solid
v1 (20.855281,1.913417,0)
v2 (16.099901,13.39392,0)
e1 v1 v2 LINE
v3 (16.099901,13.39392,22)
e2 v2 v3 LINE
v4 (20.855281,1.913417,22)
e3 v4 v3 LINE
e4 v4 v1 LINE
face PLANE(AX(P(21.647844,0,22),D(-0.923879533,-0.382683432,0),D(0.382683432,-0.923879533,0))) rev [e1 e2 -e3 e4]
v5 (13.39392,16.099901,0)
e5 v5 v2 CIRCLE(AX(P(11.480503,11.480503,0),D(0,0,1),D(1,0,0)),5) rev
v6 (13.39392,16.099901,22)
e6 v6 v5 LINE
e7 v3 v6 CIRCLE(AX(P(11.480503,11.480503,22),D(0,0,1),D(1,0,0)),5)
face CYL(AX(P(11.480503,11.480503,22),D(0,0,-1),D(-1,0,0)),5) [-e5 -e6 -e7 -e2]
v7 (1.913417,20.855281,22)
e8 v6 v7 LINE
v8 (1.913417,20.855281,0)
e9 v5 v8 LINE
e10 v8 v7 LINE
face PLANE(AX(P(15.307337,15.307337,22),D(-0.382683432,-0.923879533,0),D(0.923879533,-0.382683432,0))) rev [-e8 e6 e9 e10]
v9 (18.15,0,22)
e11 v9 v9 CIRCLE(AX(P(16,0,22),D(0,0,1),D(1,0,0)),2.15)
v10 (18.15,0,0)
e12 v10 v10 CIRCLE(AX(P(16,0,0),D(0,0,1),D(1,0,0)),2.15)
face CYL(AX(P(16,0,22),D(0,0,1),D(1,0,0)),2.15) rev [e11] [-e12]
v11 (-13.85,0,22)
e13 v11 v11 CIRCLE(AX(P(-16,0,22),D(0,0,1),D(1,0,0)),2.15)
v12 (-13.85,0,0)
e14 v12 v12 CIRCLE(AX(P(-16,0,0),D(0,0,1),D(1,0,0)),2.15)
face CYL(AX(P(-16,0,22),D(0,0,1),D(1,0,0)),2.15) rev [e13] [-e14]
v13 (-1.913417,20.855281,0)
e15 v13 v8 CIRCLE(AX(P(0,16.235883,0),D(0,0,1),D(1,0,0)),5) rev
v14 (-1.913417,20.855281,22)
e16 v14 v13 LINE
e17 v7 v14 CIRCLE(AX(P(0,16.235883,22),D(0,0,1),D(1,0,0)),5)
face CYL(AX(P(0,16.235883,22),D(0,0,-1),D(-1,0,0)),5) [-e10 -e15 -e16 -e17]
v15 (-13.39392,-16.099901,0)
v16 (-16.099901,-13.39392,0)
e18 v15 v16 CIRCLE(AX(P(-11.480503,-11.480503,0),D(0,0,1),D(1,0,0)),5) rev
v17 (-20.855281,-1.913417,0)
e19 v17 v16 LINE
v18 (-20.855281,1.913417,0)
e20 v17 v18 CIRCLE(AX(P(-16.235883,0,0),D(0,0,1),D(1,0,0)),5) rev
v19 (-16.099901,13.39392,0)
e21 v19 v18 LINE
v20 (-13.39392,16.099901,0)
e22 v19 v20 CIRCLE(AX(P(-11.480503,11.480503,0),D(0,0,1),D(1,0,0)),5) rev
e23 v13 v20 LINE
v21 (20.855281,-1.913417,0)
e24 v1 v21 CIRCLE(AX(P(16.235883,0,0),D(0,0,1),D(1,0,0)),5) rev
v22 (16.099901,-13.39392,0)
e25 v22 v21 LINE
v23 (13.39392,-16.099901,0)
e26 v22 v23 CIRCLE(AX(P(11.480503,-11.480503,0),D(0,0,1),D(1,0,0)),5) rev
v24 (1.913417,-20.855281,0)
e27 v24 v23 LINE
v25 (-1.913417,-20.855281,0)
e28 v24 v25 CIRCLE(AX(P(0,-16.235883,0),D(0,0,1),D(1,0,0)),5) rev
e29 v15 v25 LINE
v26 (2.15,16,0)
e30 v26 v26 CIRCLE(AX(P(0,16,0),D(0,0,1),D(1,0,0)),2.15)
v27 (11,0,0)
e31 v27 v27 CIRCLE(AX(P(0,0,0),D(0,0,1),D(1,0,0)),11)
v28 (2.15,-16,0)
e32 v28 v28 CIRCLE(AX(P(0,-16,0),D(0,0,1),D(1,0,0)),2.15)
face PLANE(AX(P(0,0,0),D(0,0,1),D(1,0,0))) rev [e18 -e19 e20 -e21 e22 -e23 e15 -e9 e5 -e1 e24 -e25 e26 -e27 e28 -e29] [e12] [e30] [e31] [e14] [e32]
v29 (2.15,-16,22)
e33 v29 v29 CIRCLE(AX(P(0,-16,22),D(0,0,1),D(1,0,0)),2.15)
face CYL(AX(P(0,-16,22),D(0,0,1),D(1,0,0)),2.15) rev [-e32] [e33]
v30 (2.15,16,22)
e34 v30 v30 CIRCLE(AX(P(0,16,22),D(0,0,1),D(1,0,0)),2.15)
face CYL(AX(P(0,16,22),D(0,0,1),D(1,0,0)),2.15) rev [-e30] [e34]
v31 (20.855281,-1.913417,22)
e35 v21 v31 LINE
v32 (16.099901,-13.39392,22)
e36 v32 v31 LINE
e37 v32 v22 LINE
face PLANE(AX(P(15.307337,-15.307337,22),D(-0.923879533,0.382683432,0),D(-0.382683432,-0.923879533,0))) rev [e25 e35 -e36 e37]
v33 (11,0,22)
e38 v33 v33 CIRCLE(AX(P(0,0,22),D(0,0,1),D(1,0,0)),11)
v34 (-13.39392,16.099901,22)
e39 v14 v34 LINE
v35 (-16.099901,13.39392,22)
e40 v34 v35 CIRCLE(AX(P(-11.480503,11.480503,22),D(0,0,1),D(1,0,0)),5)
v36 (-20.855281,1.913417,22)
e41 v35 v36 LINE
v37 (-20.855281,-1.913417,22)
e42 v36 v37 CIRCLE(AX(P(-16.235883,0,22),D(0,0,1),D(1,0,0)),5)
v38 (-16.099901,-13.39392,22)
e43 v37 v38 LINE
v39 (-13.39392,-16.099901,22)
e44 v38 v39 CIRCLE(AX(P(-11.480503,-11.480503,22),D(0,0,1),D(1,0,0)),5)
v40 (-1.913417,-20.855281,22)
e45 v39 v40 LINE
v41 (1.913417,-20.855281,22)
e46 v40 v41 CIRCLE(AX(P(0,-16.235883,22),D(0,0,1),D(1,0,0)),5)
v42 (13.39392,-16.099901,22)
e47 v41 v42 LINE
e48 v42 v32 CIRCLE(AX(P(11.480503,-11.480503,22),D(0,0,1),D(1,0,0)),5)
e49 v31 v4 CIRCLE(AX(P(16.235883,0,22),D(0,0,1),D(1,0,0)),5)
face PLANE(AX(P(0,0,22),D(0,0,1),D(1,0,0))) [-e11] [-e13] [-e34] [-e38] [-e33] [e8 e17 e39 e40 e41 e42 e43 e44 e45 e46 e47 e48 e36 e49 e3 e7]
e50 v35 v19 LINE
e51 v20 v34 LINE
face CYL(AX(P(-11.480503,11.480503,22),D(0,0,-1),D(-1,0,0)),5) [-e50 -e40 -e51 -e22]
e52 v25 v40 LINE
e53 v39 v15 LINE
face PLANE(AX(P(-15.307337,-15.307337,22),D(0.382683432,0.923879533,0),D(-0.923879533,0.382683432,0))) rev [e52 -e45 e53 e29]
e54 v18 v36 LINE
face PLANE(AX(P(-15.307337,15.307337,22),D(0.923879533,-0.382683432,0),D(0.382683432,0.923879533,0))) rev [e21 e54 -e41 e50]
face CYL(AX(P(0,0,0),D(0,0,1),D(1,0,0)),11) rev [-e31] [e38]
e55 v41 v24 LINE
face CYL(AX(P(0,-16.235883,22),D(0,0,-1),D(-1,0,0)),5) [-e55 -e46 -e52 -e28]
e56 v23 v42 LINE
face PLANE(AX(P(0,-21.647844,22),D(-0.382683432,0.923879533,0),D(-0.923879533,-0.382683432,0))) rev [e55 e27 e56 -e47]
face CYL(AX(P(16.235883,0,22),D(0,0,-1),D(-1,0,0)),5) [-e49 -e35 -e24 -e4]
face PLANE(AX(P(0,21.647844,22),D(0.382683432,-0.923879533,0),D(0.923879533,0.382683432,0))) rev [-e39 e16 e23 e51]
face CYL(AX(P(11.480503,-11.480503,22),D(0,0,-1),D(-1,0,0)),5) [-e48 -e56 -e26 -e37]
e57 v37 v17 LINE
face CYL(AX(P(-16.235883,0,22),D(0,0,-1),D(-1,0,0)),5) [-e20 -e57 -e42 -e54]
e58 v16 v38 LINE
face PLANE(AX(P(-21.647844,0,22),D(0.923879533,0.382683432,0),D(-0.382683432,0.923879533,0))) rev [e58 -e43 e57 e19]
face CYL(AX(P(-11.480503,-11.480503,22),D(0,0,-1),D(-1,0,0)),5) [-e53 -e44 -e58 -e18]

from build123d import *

# Parameters (mm, degrees)
BOSS_EXTRUDE1_DEPTH  = 22
FILLET1_R            = 5
M4_CLEARANCE_HOLE1_D = 4.3
SKETCH5_R            = 11
CUT_EXTRUDE1_DEPTH   = 22


with BuildPart() as part:
    # Sketch1 → Boss-Extrude1 (new body)
    with BuildSketch(Plane.XY):
        Polygon((0, -21.647844006), (15.307337295, -15.307337295), (21.647844006, 0), (15.307337295, 15.307337295), (0, 21.647844006), (-15.307337295, 15.307337295), (-21.647844006, 0), (-15.307337295, -15.307337295), align=None)
    extrude(amount=BOSS_EXTRUDE1_DEPTH)

    # Fillet1
    fillet1_edges = [part.edges().sort_by_distance(p)[0] for p in [
        (15.307337295, -15.307337295, 11),
        (0, -21.647844006, 11),
        (-15.307337295, -15.307337295, 11),
        (-21.647844006, 0, 11),
        (-15.307337295, 15.307337295, 11),
        (0, 21.647844006, 11),
        (15.307337295, 15.307337295, 11),
        (21.647844006, 0, 11),
    ]]
    fillet(fillet1_edges, radius=FILLET1_R)

    # M4 Clearance Hole1 (through all)
    with Locations(Plane.XY.offset(22)):
        with Locations((0, 16), (16, 0), (0, -16), (-16, 0)):
            Hole(M4_CLEARANCE_HOLE1_D / 2)

    # Sketch5 → Cut-Extrude1 (cut)
    with BuildSketch(Plane.XY.offset(22)):
        Circle(SKETCH5_R)
    extrude(amount=-CUT_EXTRUDE1_DEPTH, mode=Mode.SUBTRACT)


solid = part.part
